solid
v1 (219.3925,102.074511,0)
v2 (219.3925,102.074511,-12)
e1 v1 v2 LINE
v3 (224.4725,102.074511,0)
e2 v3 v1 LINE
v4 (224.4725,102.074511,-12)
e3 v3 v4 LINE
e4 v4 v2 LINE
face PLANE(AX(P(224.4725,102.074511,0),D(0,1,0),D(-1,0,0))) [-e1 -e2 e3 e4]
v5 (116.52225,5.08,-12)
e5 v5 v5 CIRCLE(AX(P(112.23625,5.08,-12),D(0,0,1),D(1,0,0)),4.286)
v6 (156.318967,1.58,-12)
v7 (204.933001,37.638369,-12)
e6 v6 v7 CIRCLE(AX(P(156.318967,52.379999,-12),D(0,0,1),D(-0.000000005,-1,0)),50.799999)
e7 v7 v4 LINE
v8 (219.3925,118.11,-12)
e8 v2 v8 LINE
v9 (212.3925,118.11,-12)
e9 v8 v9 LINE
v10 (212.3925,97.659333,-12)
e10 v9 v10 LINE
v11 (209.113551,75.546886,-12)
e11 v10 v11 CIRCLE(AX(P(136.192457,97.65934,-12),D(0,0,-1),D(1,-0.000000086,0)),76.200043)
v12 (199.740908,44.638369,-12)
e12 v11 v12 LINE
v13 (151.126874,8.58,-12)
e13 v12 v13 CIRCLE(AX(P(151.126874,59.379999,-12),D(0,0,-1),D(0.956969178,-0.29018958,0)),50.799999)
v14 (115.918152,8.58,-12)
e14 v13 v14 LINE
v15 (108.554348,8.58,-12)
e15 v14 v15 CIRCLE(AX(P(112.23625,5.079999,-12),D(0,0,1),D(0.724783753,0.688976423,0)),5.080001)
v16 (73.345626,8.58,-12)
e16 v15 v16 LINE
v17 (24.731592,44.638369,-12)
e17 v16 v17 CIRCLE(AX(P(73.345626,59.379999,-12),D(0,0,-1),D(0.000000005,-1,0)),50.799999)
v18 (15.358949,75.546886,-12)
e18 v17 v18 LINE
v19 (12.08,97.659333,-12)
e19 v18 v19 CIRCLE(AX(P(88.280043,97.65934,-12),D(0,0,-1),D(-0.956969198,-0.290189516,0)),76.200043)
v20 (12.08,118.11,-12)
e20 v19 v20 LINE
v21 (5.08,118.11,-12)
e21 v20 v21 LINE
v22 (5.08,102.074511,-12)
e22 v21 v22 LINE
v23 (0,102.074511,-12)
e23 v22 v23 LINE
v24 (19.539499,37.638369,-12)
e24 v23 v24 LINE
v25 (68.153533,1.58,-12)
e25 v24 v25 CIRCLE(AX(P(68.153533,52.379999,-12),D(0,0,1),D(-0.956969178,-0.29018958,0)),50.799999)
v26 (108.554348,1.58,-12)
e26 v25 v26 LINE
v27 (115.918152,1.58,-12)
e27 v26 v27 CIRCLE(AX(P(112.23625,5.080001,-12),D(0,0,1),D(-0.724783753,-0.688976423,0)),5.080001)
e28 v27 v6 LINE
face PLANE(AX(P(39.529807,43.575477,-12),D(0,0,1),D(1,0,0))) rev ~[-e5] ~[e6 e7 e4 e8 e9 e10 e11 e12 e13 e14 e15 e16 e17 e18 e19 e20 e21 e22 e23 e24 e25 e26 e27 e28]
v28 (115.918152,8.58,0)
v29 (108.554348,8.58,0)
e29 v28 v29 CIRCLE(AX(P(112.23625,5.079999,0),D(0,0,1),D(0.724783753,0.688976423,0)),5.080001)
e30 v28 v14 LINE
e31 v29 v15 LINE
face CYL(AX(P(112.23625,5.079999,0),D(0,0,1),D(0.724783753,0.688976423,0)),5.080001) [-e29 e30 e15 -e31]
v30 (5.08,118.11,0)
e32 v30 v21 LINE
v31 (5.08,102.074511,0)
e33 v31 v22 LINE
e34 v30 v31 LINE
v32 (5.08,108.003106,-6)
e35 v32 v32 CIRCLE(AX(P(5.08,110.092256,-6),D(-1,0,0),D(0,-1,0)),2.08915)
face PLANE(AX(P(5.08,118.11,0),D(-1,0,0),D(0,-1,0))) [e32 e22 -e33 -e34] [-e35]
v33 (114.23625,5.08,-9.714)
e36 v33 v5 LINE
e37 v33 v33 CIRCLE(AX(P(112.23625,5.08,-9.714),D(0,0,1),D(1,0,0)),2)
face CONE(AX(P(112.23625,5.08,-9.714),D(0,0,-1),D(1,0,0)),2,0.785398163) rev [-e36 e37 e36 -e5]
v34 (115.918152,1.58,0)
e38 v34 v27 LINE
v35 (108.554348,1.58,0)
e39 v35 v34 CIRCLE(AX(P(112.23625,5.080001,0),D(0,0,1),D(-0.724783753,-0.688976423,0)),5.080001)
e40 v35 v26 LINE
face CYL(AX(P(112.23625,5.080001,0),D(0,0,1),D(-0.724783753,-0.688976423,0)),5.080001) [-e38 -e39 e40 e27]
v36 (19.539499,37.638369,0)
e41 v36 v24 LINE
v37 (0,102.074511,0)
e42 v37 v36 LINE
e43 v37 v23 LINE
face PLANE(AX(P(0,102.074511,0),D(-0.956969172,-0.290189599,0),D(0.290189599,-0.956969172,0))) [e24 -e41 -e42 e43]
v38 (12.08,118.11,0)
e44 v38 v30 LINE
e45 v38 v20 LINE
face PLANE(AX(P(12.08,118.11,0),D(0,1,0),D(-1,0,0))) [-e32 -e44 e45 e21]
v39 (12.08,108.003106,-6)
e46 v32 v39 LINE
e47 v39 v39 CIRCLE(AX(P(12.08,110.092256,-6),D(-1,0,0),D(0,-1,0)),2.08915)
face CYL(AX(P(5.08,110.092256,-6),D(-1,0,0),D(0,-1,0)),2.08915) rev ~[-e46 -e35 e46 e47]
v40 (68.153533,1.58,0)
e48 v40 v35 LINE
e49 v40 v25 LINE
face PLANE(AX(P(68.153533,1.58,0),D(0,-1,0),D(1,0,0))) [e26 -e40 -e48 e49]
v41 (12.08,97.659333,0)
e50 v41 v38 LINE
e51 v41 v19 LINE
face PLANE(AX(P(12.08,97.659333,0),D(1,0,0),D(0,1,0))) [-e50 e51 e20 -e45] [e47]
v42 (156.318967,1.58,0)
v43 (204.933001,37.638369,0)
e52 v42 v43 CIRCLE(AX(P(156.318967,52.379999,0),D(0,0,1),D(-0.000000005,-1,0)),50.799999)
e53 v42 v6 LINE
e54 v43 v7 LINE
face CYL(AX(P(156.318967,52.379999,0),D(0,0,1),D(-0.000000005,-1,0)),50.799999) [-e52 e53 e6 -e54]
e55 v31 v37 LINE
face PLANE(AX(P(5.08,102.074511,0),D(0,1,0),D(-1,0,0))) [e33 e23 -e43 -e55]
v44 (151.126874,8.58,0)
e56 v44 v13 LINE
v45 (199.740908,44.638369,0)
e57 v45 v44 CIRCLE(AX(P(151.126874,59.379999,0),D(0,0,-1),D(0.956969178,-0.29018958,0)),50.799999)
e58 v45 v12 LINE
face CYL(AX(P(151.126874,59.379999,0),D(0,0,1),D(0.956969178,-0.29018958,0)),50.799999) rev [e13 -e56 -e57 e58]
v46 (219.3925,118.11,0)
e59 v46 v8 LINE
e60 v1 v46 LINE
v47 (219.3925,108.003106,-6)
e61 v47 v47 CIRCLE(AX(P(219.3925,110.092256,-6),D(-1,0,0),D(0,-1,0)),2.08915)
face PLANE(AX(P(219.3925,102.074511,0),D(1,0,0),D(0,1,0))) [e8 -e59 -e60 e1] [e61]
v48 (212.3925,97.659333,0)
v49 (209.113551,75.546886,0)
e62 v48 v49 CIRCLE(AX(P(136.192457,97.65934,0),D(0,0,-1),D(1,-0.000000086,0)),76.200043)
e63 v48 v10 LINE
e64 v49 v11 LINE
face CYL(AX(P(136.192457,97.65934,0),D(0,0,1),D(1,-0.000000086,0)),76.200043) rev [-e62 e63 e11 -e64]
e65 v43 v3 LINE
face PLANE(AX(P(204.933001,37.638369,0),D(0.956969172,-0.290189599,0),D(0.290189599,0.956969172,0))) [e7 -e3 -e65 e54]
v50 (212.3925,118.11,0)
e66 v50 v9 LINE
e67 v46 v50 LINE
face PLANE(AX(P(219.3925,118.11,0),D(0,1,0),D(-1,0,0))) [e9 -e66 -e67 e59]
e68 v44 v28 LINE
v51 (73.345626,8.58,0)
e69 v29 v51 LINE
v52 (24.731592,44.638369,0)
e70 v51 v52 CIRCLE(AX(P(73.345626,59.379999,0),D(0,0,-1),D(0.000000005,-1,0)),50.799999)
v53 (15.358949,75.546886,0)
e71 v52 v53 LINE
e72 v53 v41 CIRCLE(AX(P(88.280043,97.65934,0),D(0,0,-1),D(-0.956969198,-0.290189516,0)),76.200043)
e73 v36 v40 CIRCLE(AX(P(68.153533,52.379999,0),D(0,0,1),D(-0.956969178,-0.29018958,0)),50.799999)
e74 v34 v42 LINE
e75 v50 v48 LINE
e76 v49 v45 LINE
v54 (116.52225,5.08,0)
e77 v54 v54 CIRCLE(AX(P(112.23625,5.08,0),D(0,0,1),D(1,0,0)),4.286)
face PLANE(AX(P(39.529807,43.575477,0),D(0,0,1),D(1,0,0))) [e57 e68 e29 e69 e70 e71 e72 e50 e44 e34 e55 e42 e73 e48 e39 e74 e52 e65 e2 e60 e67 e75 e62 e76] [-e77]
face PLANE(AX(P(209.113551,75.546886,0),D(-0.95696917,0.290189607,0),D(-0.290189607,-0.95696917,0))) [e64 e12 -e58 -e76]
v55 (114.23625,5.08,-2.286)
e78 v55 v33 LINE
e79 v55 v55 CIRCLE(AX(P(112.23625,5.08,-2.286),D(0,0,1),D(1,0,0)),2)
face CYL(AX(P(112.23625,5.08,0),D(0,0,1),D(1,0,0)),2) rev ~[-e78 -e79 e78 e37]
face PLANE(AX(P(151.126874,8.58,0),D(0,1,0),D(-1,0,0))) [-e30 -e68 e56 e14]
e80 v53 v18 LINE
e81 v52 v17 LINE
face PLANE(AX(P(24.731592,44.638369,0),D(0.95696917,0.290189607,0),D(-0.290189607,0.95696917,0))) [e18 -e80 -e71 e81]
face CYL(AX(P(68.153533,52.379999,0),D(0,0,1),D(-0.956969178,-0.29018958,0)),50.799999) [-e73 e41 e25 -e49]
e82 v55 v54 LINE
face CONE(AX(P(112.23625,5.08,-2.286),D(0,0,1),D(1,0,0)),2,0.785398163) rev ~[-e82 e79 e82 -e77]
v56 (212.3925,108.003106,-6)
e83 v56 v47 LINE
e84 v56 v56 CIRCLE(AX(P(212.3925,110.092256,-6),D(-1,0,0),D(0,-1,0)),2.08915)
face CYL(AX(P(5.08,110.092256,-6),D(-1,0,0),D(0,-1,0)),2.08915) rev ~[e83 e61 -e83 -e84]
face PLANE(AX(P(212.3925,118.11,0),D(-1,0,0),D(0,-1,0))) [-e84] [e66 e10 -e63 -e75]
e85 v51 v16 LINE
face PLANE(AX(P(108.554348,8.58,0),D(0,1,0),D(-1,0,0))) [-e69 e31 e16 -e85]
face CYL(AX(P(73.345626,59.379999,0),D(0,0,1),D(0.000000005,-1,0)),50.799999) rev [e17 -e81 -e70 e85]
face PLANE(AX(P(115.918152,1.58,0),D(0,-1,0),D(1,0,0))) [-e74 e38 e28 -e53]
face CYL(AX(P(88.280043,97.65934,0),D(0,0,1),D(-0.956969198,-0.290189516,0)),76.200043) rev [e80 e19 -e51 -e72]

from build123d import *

# Parameters (mm, degrees)
F0_R     = 2
F1_DEPTH = 12
F2_SIZE  = 2.286
F3_SIZE  = 2.286
F4_R     = 2.08915
F5_DEPTH = 219.3935


with BuildPart() as f1:
    # F0 (on Top) → F1 (new body)
    with BuildSketch(Plane.XY):
        with BuildLine():
            Line((12.08, 118.11), (5.08, 118.11))
            Line((5.08, 118.11), (5.08, 102.074511))
            Line((5.08, 102.074511), (0, 102.074511))
            Line((0, 102.074511), (19.539499, 37.638369))
            ThreePointArc((19.539499, 37.638369), (37.889981, 11.578561), (68.153533, 1.58))
            Line((68.153533, 1.58), (108.554348, 1.58))
            ThreePointArc((108.554348, 1.58), (107.15625, 5.08), (108.554348, 8.58))
            Line((108.554348, 8.58), (73.345626, 8.58))
            ThreePointArc((73.345626, 8.58), (43.082074, 18.578561), (24.731592, 44.638369))
            Line((24.731592, 44.638369), (15.358949, 75.546886))
            ThreePointArc((15.358949, 75.546886), (12.904195, 86.482216), (12.08, 97.659333))
            Line((12.08, 97.659333), (12.08, 118.11))
        make_face()
        with BuildLine():
            ThreePointArc((108.554348, 8.58), (107.15625, 5.08), (108.554348, 1.58))
            ThreePointArc((108.554348, 1.58), (112.23625, 0), (115.918152, 1.58))
            ThreePointArc((115.918152, 1.58), (116.953795, 3.195545), (117.31625, 5.08))
            ThreePointArc((117.31625, 5.08), (116.953795, 6.964455), (115.918152, 8.58))
            ThreePointArc((115.918152, 8.58), (112.23625, 10.16), (108.554348, 8.58))
        make_face()
        with Locations((112.23625, 5.08)):
            Circle(F0_R, mode=Mode.SUBTRACT)
        with BuildLine():
            ThreePointArc((117.31625, 5.08), (116.953795, 3.195545), (115.918152, 1.58))
            Line((115.918152, 1.58), (156.318967, 1.58))
            ThreePointArc((156.318967, 1.58), (186.582519, 11.578561), (204.933001, 37.638369))
            Line((204.933001, 37.638369), (224.4725, 102.074511))
            Line((224.4725, 102.074511), (219.3925, 102.074511))
            Line((219.3925, 102.074511), (219.3925, 118.11))
            Line((219.3925, 118.11), (212.3925, 118.11))
            Line((212.3925, 118.11), (212.3925, 97.659333))
            ThreePointArc((212.3925, 97.659333), (211.568305, 86.482216), (209.113551, 75.546886))
            Line((209.113551, 75.546886), (199.740908, 44.638369))
            ThreePointArc((199.740908, 44.638369), (181.390426, 18.578561), (151.126874, 8.58))
            Line((151.126874, 8.58), (115.918152, 8.58))
            ThreePointArc((115.918152, 8.58), (116.953795, 6.964455), (117.31625, 5.08))
        make_face()
    extrude(amount=-F1_DEPTH)

    # F2
    f2_edges = [f1.edges().sort_by_distance(p)[0] for p in [
        (110.23625, 5.08, 0),
    ]]
    chamfer(f2_edges, length=F2_SIZE)

    # F3
    f3_edges = [f1.edges().sort_by_distance(p)[0] for p in [
        (110.23625, 5.08, -12),
    ]]
    chamfer(f3_edges, length=F3_SIZE)

    # F4 (on face) → F5 (cut, through all)
    with BuildSketch(Plane(origin=(5.08, 0, 0), x_dir=(0, -1, 0), z_dir=(-1, 0, 0))):
        with Locations((-110.092256, -6)):
            Circle(F4_R)
    extrude(amount=-F5_DEPTH, mode=Mode.SUBTRACT)


solid = f1.part
